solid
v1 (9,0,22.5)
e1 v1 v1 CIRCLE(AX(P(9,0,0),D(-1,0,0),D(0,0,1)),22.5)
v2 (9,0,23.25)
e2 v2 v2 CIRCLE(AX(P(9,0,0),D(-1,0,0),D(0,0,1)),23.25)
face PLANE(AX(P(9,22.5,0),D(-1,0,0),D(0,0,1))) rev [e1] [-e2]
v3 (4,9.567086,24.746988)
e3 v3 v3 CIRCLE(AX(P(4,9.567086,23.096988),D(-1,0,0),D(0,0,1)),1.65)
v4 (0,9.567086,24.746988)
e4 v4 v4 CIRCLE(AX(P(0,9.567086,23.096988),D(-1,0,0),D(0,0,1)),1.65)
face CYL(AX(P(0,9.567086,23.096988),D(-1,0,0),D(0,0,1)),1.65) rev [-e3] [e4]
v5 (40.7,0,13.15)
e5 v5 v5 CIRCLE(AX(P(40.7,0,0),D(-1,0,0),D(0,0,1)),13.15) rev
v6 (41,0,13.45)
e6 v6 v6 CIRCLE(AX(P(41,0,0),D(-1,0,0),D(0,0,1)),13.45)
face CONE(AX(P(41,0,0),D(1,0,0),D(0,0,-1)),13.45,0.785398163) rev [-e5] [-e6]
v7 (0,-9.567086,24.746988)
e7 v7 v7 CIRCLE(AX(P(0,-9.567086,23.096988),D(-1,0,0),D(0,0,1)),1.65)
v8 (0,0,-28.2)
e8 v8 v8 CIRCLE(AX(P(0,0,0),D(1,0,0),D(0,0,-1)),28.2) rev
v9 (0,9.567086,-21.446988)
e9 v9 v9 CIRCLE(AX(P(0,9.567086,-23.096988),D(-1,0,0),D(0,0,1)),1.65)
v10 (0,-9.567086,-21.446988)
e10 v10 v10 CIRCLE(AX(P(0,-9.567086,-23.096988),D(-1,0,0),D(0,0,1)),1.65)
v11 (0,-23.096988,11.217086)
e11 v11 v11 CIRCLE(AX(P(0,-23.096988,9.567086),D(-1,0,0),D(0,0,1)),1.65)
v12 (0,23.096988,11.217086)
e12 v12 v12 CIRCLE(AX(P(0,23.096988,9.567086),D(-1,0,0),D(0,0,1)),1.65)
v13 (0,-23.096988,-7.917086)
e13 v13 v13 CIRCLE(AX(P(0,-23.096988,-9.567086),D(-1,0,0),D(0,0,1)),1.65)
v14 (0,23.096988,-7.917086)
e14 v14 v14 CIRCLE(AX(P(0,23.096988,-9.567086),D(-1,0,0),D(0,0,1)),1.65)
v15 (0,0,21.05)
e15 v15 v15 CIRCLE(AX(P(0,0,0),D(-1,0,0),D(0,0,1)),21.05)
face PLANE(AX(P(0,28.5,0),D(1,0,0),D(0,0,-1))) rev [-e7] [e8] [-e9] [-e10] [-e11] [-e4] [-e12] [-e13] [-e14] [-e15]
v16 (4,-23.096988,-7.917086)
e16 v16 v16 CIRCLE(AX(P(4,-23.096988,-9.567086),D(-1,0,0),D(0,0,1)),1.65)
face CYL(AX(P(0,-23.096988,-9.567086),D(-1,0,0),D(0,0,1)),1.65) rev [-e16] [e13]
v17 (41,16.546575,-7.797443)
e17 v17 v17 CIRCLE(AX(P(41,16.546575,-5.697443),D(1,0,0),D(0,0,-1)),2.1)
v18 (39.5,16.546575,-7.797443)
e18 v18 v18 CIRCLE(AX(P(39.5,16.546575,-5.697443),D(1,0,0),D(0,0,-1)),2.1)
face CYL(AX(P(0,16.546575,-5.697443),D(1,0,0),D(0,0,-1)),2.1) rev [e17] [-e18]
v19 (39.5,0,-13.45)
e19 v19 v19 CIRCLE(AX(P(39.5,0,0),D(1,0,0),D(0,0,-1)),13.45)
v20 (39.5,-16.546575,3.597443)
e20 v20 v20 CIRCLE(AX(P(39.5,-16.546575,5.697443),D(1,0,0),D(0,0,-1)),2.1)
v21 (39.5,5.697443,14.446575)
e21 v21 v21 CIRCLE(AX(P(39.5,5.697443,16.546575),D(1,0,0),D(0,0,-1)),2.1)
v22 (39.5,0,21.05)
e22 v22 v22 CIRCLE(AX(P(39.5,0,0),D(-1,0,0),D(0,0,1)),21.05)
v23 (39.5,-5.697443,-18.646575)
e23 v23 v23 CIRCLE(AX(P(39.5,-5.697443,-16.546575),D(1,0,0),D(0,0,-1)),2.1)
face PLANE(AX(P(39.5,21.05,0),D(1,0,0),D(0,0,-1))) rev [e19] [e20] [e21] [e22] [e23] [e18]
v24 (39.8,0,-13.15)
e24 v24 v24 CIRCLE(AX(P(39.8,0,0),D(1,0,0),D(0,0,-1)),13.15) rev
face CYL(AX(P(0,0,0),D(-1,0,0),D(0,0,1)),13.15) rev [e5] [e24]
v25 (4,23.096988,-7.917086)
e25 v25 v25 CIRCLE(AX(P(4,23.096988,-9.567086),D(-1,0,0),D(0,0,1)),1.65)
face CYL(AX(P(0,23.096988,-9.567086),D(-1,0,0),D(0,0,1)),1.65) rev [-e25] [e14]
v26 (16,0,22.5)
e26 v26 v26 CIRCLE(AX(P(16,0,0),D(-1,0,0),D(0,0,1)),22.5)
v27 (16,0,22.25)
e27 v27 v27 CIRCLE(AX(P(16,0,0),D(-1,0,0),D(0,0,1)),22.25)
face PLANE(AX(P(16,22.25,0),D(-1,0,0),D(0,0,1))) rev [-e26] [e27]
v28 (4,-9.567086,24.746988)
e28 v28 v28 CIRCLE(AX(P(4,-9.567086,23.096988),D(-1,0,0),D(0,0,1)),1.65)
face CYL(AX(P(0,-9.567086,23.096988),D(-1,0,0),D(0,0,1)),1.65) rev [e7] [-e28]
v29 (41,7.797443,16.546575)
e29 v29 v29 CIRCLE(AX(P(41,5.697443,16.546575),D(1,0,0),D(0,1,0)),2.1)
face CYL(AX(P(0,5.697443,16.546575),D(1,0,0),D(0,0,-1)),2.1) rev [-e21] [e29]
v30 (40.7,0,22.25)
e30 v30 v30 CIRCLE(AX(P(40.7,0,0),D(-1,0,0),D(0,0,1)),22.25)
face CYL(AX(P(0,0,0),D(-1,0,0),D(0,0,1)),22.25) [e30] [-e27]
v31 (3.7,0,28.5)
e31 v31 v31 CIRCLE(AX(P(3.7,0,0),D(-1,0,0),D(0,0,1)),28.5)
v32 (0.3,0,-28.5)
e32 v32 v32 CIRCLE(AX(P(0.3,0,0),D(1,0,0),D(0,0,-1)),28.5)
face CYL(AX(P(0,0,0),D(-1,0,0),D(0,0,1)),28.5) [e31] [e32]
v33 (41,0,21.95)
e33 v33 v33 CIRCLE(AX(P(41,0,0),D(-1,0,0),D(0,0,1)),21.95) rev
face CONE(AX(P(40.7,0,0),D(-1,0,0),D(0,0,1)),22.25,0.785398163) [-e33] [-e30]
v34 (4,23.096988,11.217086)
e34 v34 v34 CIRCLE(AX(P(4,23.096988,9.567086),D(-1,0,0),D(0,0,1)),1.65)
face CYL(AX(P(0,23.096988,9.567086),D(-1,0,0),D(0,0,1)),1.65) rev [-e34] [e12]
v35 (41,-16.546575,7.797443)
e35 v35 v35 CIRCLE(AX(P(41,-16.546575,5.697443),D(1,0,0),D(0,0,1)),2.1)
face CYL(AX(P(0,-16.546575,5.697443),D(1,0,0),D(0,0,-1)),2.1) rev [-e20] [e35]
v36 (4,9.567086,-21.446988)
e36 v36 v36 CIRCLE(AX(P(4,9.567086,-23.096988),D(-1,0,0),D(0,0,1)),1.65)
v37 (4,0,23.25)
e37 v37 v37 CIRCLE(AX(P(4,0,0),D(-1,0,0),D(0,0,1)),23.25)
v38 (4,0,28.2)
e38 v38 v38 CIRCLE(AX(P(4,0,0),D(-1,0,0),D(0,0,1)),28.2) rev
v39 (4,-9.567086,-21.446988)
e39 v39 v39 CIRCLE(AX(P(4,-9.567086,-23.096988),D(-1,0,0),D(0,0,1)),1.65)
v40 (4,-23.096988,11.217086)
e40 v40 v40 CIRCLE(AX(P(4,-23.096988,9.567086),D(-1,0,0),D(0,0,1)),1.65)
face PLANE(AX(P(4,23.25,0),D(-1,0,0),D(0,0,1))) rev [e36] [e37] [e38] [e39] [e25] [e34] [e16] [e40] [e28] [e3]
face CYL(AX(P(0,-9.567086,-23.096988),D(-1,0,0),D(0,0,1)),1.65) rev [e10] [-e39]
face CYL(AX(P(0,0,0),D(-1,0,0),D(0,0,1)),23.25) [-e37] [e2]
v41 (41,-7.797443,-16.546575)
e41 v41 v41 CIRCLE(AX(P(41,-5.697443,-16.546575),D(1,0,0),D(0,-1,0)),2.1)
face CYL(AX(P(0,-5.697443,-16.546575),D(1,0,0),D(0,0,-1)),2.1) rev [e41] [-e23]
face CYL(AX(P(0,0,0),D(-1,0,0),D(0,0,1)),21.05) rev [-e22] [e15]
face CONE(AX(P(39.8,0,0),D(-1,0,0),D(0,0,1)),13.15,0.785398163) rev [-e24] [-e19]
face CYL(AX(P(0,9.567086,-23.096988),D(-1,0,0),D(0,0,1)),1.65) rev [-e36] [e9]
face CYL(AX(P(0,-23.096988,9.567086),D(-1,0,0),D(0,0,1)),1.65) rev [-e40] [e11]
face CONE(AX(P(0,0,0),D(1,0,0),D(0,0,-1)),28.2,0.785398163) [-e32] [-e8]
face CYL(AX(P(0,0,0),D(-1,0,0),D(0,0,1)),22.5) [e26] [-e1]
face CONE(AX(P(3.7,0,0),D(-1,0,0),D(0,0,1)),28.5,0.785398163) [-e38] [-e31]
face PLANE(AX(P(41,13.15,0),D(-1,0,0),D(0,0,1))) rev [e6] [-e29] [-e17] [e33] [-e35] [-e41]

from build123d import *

# Parameters (mm, degrees)
CHAMFER_1_SIZE           = 0.3
SKETCH_2_R               = 2.1
CUT_EXTRUDE_1_DEPTH      = 58.493477891
PATTERN_CIRCULAR_1_COUNT = 4
HOLE_WIZARD_M4_1_D       = 3.3
PATTERN_CIRCULAR_2_COUNT = 8


with BuildPart() as part:
    # 草图1 → 旋转1 (revolve)
    with BuildSketch(Plane.XY, mode=Mode.PRIVATE) as revolve_1_sk:
        Polygon((0, 28.5), (0, 21.05), (39.5, 21.05), (39.5, 13.15), (41, 13.15), (41, 22.25), (16, 22.25), (16, 22.5), (9, 22.5), (9, 23.25), (4, 23.25), (4, 28.5), align=None)
    revolve(revolve_1_sk.sketch.rotate(Axis((0, 0, 0), (1, 0, 0)), 90), axis=Axis((0, 0, 0), (1, 0, 0)))

    # 倒角1
    chamfer_1_edges = [part.edges().sort_by_distance(p)[0] for p in [
        (41, 0, -13.15),
        (41, 0, -22.25),
        (4, 0, -28.5),
        (0, 0, -28.5),
        (39.5, 0, -13.15),
    ]]
    chamfer(chamfer_1_edges, length=CHAMFER_1_SIZE)

    # 草图2 → 切除-拉伸1 (cut, symmetric)
    with BuildSketch(Plane(origin=(41, 0, 0), x_dir=(0, 0, -1), z_dir=(1, 0, 0))):
        with Locations((5.697442703, 16.546575073)):
            Circle(SKETCH_2_R)
    cut_extrude_1 = extrude(amount=CUT_EXTRUDE_1_DEPTH, both=True, mode=Mode.SUBTRACT)

    # 阵列(圆周)1: 切除-拉伸1 ×4 about axis
    pattern_circular_1_axis = Axis((0, 0, 0), (1, 0, 0))
    for i in range(1, PATTERN_CIRCULAR_1_COUNT):
        add(cut_extrude_1.rotate(pattern_circular_1_axis, i * 360 / PATTERN_CIRCULAR_1_COUNT), mode=Mode.SUBTRACT)

    # M4 螺纹孔1 (through all)
    with Locations(Plane.ZY):
        with Locations((-9.567085809, -23.096988313)):
            hole_wizard_m4_1 = Hole(HOLE_WIZARD_M4_1_D / 2)

    # 阵列(圆周)2: M4 螺纹孔1 ×8 about axis
    pattern_circular_2_axis = Axis((0, 0, 0), (1, 0, 0))
    for i in range(1, PATTERN_CIRCULAR_2_COUNT):
        add(hole_wizard_m4_1.rotate(pattern_circular_2_axis, i * 360 / PATTERN_CIRCULAR_2_COUNT), mode=Mode.SUBTRACT)


solid = part.part
